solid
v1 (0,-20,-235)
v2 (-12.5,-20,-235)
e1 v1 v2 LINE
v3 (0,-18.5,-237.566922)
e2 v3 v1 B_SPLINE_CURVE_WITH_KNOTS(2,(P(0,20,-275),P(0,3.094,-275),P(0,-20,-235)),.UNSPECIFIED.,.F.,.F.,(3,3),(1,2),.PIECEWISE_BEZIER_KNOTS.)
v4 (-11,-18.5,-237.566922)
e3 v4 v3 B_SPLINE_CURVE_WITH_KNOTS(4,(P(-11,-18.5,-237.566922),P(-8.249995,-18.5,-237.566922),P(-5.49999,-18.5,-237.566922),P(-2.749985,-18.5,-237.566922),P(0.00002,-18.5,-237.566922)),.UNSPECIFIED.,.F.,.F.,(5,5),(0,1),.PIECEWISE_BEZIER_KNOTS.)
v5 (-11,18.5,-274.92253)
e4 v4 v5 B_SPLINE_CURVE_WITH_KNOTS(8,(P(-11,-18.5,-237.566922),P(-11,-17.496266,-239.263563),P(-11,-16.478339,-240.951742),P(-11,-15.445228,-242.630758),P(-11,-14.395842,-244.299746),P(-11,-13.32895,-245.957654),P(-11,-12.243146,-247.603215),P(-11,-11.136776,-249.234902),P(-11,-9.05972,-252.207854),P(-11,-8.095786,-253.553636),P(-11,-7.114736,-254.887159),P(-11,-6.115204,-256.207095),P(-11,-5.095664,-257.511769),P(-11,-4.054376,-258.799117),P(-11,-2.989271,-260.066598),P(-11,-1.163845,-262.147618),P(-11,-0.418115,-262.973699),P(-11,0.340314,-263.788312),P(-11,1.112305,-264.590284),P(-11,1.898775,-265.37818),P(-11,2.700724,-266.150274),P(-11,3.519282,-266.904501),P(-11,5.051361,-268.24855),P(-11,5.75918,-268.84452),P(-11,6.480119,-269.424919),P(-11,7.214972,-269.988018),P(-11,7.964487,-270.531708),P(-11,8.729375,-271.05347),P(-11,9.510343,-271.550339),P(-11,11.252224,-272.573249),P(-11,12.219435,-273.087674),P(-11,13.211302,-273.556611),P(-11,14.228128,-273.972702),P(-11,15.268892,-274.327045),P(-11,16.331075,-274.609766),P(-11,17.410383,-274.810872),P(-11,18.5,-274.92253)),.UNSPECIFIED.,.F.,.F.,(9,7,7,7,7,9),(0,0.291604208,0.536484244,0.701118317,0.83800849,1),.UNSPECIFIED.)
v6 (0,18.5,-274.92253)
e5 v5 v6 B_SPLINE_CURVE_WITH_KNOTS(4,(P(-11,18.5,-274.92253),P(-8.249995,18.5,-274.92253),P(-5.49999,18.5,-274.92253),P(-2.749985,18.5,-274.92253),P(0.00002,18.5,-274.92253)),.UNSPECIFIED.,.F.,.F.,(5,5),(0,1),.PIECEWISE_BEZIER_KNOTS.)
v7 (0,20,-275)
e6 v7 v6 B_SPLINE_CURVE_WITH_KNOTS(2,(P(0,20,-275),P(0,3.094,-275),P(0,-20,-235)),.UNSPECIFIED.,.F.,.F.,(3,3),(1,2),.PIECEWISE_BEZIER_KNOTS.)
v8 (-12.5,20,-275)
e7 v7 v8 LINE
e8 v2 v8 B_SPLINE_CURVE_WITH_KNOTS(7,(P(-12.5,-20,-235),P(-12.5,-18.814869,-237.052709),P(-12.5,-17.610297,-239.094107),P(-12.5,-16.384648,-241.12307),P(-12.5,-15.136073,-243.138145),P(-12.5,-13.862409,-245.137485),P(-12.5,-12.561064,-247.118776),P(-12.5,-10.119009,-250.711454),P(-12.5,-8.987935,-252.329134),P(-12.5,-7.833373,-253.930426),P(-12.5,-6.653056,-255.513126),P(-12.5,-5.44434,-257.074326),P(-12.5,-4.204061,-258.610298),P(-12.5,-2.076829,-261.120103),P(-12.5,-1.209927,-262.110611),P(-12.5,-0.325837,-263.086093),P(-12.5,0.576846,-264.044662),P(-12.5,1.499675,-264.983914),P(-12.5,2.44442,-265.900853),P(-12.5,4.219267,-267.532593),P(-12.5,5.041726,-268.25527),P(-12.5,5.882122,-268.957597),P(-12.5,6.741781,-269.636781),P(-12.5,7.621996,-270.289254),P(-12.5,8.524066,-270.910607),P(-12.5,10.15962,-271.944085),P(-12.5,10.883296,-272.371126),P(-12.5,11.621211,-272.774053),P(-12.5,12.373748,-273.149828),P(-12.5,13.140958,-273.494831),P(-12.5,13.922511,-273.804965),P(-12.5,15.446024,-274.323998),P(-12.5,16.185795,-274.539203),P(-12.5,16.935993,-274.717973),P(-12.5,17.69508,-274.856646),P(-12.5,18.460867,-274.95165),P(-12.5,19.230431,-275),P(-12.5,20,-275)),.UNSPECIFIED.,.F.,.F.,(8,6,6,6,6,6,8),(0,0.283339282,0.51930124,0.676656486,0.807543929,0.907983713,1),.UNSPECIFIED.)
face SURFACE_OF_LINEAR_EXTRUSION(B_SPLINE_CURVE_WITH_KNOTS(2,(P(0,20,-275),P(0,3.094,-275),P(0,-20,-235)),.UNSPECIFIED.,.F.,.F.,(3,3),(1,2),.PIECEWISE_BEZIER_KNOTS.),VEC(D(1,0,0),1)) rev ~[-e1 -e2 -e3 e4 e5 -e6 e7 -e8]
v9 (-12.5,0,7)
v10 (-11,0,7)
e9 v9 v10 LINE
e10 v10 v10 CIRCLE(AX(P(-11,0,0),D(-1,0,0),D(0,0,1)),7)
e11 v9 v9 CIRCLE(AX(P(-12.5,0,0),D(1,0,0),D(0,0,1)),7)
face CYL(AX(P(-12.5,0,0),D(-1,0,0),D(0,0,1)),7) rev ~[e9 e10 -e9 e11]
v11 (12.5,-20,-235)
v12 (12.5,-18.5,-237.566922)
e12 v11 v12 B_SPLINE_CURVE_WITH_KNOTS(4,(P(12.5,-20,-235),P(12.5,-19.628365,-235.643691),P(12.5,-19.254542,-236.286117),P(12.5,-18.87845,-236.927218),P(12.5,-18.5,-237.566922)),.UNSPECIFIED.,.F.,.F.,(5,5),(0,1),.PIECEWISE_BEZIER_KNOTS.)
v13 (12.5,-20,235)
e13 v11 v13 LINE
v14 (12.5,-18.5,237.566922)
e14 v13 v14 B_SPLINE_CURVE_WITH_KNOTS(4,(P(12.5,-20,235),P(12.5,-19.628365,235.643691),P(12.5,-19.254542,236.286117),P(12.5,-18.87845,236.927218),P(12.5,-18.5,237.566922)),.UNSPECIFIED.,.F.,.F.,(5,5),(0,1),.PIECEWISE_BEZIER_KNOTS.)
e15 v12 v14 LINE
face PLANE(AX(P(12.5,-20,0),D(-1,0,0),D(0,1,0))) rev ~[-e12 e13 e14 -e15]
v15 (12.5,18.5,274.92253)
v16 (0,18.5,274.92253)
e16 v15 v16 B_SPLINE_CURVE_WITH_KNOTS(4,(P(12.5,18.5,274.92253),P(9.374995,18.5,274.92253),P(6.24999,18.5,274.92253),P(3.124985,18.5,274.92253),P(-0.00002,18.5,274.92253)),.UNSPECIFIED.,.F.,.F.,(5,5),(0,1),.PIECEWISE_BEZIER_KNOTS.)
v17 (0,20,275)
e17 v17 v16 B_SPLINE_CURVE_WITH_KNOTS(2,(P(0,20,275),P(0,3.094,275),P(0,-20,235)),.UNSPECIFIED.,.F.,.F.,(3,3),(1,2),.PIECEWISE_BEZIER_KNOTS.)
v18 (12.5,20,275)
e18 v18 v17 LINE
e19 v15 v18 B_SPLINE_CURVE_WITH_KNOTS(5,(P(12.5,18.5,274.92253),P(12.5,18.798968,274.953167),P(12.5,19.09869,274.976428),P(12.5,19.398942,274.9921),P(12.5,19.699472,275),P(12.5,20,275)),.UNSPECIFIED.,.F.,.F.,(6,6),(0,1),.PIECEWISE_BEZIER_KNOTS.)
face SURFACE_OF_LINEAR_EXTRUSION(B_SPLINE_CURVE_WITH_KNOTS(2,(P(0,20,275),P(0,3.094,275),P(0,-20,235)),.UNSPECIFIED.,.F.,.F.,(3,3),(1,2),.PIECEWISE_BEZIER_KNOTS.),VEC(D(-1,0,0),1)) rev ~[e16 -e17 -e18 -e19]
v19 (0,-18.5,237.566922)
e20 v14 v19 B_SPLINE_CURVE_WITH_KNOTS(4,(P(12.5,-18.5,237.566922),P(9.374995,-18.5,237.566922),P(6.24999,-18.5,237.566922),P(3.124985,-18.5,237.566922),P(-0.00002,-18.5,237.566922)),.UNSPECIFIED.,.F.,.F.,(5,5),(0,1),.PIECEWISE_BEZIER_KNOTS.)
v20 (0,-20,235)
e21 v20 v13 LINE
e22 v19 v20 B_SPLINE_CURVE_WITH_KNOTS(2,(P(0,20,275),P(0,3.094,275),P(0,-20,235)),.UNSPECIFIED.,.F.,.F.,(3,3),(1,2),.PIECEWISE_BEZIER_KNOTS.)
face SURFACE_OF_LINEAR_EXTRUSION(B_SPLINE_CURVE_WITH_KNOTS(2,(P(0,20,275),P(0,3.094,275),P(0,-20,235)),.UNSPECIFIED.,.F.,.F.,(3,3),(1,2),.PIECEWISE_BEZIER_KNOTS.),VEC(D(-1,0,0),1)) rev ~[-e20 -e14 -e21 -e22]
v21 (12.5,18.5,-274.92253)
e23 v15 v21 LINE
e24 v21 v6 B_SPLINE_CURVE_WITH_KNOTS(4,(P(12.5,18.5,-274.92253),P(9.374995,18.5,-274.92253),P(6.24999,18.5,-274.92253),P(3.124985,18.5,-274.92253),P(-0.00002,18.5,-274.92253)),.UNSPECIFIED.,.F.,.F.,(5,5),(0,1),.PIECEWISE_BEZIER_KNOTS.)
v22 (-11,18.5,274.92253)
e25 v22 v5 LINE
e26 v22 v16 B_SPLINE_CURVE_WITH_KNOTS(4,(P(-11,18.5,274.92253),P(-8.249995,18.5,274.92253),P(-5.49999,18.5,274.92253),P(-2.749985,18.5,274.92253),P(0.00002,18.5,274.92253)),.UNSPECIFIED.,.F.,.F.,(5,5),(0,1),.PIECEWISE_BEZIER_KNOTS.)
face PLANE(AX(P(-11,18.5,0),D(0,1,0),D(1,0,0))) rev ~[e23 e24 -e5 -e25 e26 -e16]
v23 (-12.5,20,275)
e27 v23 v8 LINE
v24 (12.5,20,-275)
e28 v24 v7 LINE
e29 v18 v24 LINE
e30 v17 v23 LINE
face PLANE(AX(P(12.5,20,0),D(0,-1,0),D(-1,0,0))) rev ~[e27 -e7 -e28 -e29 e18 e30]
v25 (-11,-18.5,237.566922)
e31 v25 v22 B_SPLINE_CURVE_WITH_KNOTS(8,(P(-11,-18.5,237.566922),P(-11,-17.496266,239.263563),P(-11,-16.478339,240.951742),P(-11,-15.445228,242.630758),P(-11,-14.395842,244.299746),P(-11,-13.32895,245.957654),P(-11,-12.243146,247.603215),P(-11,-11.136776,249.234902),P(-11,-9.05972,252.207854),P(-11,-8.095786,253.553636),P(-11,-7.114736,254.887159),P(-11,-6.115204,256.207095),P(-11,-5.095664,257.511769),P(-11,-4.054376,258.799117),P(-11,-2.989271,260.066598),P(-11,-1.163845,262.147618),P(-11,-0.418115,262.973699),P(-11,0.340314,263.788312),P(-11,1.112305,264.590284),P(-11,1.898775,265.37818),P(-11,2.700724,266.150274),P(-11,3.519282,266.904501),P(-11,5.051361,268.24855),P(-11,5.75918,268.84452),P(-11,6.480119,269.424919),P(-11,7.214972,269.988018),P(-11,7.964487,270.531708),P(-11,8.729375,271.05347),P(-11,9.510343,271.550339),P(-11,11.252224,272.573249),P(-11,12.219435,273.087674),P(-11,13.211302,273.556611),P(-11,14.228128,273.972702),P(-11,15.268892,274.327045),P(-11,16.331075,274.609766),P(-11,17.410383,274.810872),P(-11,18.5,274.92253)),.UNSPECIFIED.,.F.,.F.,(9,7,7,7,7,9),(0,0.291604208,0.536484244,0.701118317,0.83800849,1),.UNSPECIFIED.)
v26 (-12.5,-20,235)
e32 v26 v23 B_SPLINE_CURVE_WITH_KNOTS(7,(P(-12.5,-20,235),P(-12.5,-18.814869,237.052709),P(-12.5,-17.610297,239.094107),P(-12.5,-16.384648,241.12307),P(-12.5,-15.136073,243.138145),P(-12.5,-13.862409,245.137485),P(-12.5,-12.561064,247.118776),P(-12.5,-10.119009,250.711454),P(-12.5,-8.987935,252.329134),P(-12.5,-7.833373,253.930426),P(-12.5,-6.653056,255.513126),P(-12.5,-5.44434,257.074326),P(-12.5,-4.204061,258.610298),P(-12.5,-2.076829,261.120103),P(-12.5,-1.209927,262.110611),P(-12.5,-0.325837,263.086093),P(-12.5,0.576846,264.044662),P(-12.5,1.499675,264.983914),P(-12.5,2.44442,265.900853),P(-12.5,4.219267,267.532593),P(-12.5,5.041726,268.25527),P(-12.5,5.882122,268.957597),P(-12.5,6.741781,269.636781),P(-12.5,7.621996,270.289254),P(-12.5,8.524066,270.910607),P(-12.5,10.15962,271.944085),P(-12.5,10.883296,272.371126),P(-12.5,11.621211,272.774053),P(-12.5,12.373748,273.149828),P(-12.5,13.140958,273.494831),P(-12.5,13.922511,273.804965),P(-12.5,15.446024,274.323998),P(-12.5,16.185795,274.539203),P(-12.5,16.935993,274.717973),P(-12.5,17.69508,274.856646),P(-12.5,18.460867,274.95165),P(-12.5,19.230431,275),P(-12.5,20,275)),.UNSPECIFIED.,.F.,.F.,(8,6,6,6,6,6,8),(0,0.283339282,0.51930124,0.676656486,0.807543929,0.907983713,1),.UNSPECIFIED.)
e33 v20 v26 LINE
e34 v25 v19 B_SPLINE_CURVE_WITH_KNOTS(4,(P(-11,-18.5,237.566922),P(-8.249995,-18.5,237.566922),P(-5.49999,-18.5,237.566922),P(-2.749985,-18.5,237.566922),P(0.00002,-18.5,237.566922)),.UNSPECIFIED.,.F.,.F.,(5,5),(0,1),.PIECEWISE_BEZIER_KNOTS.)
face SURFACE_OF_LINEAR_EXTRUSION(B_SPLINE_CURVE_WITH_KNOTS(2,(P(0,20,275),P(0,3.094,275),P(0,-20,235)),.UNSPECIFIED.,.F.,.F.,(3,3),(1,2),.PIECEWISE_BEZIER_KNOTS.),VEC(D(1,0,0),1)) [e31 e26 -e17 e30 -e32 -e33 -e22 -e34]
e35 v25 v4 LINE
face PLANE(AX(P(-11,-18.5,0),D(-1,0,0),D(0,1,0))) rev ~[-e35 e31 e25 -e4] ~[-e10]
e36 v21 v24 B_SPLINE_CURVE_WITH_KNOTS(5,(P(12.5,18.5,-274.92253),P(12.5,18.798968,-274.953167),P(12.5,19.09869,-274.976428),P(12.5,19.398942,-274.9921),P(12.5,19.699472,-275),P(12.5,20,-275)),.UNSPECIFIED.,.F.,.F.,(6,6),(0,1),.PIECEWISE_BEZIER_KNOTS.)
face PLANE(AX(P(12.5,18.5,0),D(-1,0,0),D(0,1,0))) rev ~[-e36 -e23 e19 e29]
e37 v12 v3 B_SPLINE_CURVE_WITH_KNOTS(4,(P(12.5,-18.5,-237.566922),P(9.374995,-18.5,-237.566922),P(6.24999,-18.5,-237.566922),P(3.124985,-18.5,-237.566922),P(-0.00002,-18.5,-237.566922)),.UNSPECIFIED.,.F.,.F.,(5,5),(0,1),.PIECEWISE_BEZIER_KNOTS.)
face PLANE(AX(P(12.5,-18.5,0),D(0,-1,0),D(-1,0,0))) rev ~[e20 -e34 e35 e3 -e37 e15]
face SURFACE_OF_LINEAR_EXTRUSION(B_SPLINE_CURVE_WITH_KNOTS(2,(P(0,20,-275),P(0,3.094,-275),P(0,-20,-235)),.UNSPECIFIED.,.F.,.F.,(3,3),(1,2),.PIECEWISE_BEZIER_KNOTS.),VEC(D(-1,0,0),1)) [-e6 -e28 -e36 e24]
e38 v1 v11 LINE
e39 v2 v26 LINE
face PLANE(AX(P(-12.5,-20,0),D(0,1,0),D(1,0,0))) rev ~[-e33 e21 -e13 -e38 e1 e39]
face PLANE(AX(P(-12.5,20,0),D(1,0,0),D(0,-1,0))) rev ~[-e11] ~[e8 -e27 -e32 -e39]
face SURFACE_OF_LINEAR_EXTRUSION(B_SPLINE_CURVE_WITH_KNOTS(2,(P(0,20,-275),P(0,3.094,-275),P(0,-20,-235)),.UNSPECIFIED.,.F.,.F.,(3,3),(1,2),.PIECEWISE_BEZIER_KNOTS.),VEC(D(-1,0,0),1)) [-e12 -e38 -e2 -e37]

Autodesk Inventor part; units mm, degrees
ref_plane "YZ Plane" through (0, 0, 0) normal (1, 0, 0) x (0, 1, 0)
ref_plane "XZ Plane" through (0, 0, 0) normal (0, 1, 0) x (-1, 0, 0)
ref_plane "XY Plane" through (0, 0, 0) normal (0, 0, 1) x (1, 0, 0)
sketch "Sketch1" plane through (0, 0, 0) normal (0, 0, 1) x (1, 0, 0)
  line L0 (-12.5, -20) -> (12.5, -20)
  line L1 (12.5, -20) -> (12.5, 20)
  line L2 (12.5, 20) -> (-12.5, 20)
  line L3 (-12.5, 20) -> (-12.5, -20)
  line L4 (-12.5, -20) -> (12.5, 20) construction
  line L5 (12.5, -20) -> (-12.5, 20) construction
  line L6 (-11, 18.5) -> (12.5, 18.5)
  line L7 (12.5, -18.5) -> (-11, -18.5)
  line L8 (-11, -18.5) -> (-11, 18.5)
  line L9 (0, 0) -> (-11, 0) construction
  dimension "d0" = 25
  dimension "d1" = 40
  dimension "d18" = 1.5
  dimension "d19" = 1.5
extrude "Extrusion1" add sketch "Sketch1" along normal mid plane 550 contours L3 L2 L1 L6 L8 L7 L0
sketch "Sketch2" plane through (0, 0, 0) normal (1, 0, 0) x (0, 1, 0)
  line L0 (-20, -275) -> (-20, 275) projected
  line L1 (20, 275) -> (-20, 275) projected
  line L2 (20, -275) -> (20, 275) projected
  line L3 (-20, -275) -> (20, -275) projected
  line L4 (20, -275) -> (3.094, -275) construction
  line L5 (3.094, -275) -> (-20, -235) construction
  spline S0 degree 2 poles (20, -275) (3.094, -275) (-20, -235) knots 1 1 1 2 2 2
  point P0 (0, 0)
  dimension "d7" = 40
  dimension "d8" = 30
extrude "Extrusion2" cut sketch "Sketch2" along normal through all both and the other way through all contours L0 S0 L3
mirror "Mirror1" about plane through (0, 0, 0) normal (0, 0, 1) of "Extrusion2"
sketch "Sketch3" plane through (-12.5, 20, -275) normal (-1, 0, 0) x (0, 0, 1)
  circle A0 centre (275, -20) radius 7
  line L0 (270, -24.899) -> (270, -15.101)
  line L1 (280, -15.101) -> (280, -24.899)
  circle A1 centre (275, -20) radius 12.5
  dimension "d11" = 14
  dimension "d12" = 10
  dimension "d26" = 25
extrude "Extrusion3" cut sketch "Sketch3" against normal up to next contours A0 L1 | L1 A0 L0 | L0 A0
properties part number "profile" material "Aluminum 6061"
